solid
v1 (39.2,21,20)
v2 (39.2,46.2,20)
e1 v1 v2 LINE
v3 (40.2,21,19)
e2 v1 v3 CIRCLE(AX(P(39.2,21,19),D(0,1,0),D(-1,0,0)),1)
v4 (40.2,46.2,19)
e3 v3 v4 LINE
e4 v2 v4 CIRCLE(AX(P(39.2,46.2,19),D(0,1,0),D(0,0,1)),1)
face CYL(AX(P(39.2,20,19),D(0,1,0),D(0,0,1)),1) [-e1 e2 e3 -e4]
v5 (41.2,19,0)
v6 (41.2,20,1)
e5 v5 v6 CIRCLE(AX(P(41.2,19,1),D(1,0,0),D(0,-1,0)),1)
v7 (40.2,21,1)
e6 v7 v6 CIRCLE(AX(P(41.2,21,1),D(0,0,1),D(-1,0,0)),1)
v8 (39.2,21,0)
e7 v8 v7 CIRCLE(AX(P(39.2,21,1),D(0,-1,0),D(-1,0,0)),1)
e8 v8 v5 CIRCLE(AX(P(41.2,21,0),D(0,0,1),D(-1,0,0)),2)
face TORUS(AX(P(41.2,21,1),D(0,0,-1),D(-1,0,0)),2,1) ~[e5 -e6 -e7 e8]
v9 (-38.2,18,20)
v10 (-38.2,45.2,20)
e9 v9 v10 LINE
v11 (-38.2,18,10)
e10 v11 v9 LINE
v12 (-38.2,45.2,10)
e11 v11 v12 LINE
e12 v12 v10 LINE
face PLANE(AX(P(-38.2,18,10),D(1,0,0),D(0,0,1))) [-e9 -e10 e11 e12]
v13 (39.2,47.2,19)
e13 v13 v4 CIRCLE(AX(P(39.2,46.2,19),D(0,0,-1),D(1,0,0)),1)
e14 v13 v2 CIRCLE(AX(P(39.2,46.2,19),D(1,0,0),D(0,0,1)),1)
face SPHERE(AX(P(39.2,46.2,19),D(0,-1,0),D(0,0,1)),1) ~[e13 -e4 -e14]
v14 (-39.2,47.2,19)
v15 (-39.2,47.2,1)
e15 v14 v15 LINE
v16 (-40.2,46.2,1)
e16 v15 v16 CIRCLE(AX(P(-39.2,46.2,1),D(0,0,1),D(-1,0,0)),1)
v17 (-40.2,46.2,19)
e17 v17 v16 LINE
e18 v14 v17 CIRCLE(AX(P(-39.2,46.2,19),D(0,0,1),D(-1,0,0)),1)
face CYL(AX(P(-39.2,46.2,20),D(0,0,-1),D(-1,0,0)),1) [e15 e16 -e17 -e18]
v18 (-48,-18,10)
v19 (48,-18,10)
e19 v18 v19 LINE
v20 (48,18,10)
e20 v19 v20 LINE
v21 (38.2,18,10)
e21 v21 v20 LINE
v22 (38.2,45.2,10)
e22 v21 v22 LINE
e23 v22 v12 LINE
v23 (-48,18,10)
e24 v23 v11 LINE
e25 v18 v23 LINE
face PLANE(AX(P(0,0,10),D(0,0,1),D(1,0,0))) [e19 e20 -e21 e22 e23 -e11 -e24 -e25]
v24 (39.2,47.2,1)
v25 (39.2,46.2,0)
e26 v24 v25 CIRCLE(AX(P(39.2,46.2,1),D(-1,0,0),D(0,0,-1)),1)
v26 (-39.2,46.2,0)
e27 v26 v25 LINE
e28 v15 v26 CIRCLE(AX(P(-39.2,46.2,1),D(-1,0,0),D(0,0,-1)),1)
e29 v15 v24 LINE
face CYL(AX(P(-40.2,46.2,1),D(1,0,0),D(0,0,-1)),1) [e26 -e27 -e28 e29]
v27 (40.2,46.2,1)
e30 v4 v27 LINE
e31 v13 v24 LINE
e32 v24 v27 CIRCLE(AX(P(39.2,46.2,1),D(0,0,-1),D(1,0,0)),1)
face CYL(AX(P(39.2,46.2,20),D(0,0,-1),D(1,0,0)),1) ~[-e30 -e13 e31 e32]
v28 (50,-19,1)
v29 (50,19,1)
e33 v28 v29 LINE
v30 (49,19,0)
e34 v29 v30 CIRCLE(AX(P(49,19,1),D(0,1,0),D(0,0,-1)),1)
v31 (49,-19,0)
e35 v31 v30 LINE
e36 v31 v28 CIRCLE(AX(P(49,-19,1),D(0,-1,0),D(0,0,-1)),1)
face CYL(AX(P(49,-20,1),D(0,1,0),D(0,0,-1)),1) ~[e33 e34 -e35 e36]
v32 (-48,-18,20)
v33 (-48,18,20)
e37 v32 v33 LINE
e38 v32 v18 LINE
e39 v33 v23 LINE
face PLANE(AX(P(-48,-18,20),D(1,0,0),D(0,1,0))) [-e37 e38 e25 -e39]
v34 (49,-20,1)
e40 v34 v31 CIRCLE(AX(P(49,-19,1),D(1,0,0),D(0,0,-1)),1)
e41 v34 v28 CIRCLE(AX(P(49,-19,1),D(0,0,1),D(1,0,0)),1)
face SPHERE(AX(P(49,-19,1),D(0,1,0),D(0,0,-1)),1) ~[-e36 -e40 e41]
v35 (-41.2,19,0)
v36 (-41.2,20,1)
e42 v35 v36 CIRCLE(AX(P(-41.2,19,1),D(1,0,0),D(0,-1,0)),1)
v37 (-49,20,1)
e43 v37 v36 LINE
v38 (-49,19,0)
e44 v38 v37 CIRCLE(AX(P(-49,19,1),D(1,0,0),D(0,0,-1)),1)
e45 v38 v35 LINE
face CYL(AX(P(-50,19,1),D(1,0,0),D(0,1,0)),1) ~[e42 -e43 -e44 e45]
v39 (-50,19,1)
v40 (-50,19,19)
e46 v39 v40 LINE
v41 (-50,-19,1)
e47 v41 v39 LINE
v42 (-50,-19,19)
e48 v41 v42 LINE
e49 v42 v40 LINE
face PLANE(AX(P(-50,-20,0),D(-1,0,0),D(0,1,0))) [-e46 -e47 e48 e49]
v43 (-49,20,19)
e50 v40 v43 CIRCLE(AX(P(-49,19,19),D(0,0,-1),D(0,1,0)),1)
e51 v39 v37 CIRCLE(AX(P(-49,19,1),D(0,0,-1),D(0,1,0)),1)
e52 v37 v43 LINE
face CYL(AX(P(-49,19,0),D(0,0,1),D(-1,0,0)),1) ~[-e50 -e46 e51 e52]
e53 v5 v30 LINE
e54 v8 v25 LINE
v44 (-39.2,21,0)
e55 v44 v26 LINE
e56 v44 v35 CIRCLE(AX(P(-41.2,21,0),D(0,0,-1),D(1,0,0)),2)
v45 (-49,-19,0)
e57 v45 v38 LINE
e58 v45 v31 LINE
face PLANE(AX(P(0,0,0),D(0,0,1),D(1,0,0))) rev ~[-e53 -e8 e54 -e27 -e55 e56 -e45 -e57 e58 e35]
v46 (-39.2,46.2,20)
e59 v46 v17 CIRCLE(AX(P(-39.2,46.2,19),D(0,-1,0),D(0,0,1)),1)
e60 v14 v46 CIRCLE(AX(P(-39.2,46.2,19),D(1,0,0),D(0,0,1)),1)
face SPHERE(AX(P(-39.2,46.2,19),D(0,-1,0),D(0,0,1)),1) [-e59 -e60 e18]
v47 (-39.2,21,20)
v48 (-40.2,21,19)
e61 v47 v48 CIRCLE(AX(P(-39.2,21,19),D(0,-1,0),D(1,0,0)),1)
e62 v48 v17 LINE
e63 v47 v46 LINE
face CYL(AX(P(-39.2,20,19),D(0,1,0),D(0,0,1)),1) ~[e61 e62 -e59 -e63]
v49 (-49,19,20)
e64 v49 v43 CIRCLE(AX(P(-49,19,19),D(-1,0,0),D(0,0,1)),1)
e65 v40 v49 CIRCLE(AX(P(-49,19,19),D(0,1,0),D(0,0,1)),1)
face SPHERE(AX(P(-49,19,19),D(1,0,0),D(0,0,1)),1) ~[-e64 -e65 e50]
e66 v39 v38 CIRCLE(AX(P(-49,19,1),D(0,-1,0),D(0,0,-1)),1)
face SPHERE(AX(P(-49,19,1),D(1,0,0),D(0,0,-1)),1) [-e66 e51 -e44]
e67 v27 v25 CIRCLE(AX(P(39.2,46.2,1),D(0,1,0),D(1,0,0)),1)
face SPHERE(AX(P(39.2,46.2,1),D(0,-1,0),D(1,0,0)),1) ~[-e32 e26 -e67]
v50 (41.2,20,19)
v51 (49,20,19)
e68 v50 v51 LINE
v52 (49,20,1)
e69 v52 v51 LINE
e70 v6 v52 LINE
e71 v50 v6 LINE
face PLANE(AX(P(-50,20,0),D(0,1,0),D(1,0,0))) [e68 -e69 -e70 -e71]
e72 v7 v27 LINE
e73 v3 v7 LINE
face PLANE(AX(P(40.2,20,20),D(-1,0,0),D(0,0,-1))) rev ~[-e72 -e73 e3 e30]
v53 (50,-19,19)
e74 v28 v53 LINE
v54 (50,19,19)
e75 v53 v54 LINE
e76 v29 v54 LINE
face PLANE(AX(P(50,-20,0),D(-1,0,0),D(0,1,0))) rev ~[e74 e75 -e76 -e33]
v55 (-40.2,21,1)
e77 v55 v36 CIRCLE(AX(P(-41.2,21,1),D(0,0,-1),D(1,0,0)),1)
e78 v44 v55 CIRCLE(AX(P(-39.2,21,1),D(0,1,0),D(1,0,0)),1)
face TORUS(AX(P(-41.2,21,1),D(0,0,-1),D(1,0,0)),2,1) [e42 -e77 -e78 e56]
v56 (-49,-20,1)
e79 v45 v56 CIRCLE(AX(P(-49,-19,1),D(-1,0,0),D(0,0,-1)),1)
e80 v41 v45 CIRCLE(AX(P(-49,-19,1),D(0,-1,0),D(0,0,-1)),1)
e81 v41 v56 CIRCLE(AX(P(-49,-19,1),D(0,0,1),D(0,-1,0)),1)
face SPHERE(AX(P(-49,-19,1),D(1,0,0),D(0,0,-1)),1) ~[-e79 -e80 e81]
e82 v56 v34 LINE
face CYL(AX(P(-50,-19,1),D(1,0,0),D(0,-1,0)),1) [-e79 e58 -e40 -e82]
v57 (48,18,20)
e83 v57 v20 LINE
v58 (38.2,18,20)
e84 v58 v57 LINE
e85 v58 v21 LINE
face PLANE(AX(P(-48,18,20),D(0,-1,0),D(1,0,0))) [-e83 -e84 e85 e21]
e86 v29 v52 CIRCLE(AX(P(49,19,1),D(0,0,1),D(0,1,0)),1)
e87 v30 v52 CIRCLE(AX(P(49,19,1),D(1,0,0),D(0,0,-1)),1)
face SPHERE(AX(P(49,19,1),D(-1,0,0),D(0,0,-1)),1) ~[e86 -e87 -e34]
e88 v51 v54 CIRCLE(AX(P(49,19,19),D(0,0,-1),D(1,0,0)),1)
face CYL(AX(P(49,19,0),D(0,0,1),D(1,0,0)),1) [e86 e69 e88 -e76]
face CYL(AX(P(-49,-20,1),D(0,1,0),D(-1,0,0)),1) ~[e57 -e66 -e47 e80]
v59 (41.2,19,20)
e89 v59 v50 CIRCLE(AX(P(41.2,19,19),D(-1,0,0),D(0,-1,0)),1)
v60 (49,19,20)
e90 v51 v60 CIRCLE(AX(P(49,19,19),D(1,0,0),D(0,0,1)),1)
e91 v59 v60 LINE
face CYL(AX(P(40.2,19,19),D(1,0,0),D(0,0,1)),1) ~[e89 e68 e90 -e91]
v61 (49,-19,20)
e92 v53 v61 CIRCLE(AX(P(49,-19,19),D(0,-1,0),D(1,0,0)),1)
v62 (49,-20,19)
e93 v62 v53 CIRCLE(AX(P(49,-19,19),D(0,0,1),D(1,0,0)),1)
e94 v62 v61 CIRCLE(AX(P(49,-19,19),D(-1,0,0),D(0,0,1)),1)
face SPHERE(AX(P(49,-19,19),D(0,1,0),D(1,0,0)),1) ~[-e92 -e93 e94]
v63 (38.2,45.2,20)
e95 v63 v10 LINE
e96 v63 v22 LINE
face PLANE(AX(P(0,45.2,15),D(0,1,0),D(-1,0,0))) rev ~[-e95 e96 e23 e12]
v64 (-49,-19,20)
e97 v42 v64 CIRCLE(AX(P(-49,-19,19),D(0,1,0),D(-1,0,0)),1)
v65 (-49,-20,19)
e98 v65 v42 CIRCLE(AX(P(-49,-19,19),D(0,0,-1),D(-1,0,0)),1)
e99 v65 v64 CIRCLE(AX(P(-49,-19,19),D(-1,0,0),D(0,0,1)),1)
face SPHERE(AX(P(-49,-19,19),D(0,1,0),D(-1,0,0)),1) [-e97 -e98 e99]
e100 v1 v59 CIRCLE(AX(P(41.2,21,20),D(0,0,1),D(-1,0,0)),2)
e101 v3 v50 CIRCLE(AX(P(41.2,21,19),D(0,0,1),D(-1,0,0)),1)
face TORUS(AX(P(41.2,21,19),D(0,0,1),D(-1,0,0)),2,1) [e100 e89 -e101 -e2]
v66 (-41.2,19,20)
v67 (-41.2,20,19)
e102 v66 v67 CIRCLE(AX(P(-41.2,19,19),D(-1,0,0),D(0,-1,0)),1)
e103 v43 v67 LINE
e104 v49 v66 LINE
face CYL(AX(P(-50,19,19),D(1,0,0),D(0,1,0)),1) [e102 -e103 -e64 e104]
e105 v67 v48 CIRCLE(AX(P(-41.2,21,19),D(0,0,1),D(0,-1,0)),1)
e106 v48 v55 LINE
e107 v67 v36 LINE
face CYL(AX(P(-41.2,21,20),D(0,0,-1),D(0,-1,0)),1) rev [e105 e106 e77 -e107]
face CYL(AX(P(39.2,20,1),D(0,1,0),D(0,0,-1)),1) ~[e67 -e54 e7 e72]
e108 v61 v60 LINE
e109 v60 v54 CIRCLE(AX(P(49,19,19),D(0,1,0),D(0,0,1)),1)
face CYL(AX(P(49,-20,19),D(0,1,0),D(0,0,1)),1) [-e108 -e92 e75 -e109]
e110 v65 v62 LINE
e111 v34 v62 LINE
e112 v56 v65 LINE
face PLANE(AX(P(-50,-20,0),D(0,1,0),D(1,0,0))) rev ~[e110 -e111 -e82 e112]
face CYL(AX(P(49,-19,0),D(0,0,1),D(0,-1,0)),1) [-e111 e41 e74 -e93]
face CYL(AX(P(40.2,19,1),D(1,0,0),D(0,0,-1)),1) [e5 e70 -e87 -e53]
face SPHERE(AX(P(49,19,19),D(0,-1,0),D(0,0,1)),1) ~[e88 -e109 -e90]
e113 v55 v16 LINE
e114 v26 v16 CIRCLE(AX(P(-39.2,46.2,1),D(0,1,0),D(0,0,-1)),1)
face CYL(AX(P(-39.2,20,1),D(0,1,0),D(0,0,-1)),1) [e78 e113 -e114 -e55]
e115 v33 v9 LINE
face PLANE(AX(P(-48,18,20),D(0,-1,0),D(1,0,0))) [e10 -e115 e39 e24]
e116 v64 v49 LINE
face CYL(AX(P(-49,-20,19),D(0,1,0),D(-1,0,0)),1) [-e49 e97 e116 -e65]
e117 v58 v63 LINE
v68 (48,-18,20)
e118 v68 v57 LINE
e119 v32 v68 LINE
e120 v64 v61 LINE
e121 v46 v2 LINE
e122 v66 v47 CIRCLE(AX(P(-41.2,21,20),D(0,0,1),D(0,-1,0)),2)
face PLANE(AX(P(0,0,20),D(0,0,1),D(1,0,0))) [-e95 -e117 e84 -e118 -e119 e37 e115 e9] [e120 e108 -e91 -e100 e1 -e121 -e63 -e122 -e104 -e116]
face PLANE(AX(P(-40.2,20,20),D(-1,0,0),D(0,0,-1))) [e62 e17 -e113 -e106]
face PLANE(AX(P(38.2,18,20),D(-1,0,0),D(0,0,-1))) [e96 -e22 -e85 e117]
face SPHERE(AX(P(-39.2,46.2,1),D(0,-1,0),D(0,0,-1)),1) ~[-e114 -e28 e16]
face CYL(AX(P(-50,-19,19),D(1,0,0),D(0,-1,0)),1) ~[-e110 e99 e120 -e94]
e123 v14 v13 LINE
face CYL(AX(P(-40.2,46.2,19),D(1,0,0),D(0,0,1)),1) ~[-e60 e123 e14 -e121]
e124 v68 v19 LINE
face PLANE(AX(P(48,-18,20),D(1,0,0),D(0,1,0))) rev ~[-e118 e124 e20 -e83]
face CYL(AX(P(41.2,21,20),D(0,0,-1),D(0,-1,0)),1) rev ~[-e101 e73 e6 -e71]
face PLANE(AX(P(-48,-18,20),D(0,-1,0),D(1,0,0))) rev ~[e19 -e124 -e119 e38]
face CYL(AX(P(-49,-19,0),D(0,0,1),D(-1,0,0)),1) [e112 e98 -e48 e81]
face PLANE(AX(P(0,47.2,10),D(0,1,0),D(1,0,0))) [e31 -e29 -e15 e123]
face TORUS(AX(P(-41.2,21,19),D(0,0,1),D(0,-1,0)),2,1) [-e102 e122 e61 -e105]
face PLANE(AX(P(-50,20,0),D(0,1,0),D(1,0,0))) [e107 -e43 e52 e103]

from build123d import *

# Parameters (mm, degrees)
SKETCH_1_W          = 100
SKETCH_1_H          = 40
EXTRUDE_1_DEPTH     = 20
SKETCH_2_W          = 96
SKETCH_2_H          = 36
CUT_EXTRUDE_1_DEPTH = 10
SKETCH_3_W          = 80.4
SKETCH_3_H          = 20
EXTRUDE_2_DEPTH     = 27.2
CUT_EXTRUDE_2_DEPTH = 27.2
FILLET_1_R          = 1


with BuildPart() as part:
    # Эскиз1 → Бобышка-Вытянуть1 (new body)
    with BuildSketch(Plane.XY):
        Rectangle(SKETCH_1_W, SKETCH_1_H)
    extrude(amount=EXTRUDE_1_DEPTH)

    # Эскиз2 → Вырез-Вытянуть1 (cut)
    with BuildSketch(Plane.XY.offset(20)):
        Rectangle(SKETCH_2_W, SKETCH_2_H)
    extrude(amount=-CUT_EXTRUDE_1_DEPTH, mode=Mode.SUBTRACT)

    # Эскиз3 → Бобышка-Вытянуть2 (add)
    with BuildSketch(Plane(origin=(0, 20, 0), x_dir=(1, 0, 0), z_dir=(0, 1, 0))):
        with Locations((0, -10)):
            Rectangle(SKETCH_3_W, SKETCH_3_H)
    extrude(amount=EXTRUDE_2_DEPTH)

    # Эскиз4 → Вырез-Вытянуть2 (cut)
    with BuildSketch(Plane.XZ.offset(-18)):
        Polygon((-38.2, 20), (0, 20), (38.2, 20), (38.2, 10), (-38.2, 10), align=None)
    extrude(amount=-CUT_EXTRUDE_2_DEPTH, mode=Mode.SUBTRACT)

    # Скругление1
    fillet_1_edges = [part.edges().sort_by_distance(p)[0] for p in [
        (50, 0, 20),
        (45.1, 20, 20),
        (-45.1, 20, 0),
        (-45.1, 20, 20),
        (-40.2, 33.6, 20),
        (40.2, 20, 10),
        (40.2, 33.6, 20),
        (40.2, 33.6, 0),
        (-40.2, 20, 10),
        (-40.2, 33.6, 0),
        (0, 47.2, 20),
        (40.2, 47.2, 10),
        (0, 47.2, 0),
        (-40.2, 47.2, 10),
        (-50, 0, 20),
        (45.1, 20, 0),
        (50, 0, 0),
        (0, -20, 0),
        (-50, 0, 0),
        (-50, 20, 10),
        (50, 20, 10),
        (50, -20, 10),
        (-50, -20, 10),
        (0, -20, 20),
    ]]
    fillet(fillet_1_edges, radius=FILLET_1_R)


solid = part.part
